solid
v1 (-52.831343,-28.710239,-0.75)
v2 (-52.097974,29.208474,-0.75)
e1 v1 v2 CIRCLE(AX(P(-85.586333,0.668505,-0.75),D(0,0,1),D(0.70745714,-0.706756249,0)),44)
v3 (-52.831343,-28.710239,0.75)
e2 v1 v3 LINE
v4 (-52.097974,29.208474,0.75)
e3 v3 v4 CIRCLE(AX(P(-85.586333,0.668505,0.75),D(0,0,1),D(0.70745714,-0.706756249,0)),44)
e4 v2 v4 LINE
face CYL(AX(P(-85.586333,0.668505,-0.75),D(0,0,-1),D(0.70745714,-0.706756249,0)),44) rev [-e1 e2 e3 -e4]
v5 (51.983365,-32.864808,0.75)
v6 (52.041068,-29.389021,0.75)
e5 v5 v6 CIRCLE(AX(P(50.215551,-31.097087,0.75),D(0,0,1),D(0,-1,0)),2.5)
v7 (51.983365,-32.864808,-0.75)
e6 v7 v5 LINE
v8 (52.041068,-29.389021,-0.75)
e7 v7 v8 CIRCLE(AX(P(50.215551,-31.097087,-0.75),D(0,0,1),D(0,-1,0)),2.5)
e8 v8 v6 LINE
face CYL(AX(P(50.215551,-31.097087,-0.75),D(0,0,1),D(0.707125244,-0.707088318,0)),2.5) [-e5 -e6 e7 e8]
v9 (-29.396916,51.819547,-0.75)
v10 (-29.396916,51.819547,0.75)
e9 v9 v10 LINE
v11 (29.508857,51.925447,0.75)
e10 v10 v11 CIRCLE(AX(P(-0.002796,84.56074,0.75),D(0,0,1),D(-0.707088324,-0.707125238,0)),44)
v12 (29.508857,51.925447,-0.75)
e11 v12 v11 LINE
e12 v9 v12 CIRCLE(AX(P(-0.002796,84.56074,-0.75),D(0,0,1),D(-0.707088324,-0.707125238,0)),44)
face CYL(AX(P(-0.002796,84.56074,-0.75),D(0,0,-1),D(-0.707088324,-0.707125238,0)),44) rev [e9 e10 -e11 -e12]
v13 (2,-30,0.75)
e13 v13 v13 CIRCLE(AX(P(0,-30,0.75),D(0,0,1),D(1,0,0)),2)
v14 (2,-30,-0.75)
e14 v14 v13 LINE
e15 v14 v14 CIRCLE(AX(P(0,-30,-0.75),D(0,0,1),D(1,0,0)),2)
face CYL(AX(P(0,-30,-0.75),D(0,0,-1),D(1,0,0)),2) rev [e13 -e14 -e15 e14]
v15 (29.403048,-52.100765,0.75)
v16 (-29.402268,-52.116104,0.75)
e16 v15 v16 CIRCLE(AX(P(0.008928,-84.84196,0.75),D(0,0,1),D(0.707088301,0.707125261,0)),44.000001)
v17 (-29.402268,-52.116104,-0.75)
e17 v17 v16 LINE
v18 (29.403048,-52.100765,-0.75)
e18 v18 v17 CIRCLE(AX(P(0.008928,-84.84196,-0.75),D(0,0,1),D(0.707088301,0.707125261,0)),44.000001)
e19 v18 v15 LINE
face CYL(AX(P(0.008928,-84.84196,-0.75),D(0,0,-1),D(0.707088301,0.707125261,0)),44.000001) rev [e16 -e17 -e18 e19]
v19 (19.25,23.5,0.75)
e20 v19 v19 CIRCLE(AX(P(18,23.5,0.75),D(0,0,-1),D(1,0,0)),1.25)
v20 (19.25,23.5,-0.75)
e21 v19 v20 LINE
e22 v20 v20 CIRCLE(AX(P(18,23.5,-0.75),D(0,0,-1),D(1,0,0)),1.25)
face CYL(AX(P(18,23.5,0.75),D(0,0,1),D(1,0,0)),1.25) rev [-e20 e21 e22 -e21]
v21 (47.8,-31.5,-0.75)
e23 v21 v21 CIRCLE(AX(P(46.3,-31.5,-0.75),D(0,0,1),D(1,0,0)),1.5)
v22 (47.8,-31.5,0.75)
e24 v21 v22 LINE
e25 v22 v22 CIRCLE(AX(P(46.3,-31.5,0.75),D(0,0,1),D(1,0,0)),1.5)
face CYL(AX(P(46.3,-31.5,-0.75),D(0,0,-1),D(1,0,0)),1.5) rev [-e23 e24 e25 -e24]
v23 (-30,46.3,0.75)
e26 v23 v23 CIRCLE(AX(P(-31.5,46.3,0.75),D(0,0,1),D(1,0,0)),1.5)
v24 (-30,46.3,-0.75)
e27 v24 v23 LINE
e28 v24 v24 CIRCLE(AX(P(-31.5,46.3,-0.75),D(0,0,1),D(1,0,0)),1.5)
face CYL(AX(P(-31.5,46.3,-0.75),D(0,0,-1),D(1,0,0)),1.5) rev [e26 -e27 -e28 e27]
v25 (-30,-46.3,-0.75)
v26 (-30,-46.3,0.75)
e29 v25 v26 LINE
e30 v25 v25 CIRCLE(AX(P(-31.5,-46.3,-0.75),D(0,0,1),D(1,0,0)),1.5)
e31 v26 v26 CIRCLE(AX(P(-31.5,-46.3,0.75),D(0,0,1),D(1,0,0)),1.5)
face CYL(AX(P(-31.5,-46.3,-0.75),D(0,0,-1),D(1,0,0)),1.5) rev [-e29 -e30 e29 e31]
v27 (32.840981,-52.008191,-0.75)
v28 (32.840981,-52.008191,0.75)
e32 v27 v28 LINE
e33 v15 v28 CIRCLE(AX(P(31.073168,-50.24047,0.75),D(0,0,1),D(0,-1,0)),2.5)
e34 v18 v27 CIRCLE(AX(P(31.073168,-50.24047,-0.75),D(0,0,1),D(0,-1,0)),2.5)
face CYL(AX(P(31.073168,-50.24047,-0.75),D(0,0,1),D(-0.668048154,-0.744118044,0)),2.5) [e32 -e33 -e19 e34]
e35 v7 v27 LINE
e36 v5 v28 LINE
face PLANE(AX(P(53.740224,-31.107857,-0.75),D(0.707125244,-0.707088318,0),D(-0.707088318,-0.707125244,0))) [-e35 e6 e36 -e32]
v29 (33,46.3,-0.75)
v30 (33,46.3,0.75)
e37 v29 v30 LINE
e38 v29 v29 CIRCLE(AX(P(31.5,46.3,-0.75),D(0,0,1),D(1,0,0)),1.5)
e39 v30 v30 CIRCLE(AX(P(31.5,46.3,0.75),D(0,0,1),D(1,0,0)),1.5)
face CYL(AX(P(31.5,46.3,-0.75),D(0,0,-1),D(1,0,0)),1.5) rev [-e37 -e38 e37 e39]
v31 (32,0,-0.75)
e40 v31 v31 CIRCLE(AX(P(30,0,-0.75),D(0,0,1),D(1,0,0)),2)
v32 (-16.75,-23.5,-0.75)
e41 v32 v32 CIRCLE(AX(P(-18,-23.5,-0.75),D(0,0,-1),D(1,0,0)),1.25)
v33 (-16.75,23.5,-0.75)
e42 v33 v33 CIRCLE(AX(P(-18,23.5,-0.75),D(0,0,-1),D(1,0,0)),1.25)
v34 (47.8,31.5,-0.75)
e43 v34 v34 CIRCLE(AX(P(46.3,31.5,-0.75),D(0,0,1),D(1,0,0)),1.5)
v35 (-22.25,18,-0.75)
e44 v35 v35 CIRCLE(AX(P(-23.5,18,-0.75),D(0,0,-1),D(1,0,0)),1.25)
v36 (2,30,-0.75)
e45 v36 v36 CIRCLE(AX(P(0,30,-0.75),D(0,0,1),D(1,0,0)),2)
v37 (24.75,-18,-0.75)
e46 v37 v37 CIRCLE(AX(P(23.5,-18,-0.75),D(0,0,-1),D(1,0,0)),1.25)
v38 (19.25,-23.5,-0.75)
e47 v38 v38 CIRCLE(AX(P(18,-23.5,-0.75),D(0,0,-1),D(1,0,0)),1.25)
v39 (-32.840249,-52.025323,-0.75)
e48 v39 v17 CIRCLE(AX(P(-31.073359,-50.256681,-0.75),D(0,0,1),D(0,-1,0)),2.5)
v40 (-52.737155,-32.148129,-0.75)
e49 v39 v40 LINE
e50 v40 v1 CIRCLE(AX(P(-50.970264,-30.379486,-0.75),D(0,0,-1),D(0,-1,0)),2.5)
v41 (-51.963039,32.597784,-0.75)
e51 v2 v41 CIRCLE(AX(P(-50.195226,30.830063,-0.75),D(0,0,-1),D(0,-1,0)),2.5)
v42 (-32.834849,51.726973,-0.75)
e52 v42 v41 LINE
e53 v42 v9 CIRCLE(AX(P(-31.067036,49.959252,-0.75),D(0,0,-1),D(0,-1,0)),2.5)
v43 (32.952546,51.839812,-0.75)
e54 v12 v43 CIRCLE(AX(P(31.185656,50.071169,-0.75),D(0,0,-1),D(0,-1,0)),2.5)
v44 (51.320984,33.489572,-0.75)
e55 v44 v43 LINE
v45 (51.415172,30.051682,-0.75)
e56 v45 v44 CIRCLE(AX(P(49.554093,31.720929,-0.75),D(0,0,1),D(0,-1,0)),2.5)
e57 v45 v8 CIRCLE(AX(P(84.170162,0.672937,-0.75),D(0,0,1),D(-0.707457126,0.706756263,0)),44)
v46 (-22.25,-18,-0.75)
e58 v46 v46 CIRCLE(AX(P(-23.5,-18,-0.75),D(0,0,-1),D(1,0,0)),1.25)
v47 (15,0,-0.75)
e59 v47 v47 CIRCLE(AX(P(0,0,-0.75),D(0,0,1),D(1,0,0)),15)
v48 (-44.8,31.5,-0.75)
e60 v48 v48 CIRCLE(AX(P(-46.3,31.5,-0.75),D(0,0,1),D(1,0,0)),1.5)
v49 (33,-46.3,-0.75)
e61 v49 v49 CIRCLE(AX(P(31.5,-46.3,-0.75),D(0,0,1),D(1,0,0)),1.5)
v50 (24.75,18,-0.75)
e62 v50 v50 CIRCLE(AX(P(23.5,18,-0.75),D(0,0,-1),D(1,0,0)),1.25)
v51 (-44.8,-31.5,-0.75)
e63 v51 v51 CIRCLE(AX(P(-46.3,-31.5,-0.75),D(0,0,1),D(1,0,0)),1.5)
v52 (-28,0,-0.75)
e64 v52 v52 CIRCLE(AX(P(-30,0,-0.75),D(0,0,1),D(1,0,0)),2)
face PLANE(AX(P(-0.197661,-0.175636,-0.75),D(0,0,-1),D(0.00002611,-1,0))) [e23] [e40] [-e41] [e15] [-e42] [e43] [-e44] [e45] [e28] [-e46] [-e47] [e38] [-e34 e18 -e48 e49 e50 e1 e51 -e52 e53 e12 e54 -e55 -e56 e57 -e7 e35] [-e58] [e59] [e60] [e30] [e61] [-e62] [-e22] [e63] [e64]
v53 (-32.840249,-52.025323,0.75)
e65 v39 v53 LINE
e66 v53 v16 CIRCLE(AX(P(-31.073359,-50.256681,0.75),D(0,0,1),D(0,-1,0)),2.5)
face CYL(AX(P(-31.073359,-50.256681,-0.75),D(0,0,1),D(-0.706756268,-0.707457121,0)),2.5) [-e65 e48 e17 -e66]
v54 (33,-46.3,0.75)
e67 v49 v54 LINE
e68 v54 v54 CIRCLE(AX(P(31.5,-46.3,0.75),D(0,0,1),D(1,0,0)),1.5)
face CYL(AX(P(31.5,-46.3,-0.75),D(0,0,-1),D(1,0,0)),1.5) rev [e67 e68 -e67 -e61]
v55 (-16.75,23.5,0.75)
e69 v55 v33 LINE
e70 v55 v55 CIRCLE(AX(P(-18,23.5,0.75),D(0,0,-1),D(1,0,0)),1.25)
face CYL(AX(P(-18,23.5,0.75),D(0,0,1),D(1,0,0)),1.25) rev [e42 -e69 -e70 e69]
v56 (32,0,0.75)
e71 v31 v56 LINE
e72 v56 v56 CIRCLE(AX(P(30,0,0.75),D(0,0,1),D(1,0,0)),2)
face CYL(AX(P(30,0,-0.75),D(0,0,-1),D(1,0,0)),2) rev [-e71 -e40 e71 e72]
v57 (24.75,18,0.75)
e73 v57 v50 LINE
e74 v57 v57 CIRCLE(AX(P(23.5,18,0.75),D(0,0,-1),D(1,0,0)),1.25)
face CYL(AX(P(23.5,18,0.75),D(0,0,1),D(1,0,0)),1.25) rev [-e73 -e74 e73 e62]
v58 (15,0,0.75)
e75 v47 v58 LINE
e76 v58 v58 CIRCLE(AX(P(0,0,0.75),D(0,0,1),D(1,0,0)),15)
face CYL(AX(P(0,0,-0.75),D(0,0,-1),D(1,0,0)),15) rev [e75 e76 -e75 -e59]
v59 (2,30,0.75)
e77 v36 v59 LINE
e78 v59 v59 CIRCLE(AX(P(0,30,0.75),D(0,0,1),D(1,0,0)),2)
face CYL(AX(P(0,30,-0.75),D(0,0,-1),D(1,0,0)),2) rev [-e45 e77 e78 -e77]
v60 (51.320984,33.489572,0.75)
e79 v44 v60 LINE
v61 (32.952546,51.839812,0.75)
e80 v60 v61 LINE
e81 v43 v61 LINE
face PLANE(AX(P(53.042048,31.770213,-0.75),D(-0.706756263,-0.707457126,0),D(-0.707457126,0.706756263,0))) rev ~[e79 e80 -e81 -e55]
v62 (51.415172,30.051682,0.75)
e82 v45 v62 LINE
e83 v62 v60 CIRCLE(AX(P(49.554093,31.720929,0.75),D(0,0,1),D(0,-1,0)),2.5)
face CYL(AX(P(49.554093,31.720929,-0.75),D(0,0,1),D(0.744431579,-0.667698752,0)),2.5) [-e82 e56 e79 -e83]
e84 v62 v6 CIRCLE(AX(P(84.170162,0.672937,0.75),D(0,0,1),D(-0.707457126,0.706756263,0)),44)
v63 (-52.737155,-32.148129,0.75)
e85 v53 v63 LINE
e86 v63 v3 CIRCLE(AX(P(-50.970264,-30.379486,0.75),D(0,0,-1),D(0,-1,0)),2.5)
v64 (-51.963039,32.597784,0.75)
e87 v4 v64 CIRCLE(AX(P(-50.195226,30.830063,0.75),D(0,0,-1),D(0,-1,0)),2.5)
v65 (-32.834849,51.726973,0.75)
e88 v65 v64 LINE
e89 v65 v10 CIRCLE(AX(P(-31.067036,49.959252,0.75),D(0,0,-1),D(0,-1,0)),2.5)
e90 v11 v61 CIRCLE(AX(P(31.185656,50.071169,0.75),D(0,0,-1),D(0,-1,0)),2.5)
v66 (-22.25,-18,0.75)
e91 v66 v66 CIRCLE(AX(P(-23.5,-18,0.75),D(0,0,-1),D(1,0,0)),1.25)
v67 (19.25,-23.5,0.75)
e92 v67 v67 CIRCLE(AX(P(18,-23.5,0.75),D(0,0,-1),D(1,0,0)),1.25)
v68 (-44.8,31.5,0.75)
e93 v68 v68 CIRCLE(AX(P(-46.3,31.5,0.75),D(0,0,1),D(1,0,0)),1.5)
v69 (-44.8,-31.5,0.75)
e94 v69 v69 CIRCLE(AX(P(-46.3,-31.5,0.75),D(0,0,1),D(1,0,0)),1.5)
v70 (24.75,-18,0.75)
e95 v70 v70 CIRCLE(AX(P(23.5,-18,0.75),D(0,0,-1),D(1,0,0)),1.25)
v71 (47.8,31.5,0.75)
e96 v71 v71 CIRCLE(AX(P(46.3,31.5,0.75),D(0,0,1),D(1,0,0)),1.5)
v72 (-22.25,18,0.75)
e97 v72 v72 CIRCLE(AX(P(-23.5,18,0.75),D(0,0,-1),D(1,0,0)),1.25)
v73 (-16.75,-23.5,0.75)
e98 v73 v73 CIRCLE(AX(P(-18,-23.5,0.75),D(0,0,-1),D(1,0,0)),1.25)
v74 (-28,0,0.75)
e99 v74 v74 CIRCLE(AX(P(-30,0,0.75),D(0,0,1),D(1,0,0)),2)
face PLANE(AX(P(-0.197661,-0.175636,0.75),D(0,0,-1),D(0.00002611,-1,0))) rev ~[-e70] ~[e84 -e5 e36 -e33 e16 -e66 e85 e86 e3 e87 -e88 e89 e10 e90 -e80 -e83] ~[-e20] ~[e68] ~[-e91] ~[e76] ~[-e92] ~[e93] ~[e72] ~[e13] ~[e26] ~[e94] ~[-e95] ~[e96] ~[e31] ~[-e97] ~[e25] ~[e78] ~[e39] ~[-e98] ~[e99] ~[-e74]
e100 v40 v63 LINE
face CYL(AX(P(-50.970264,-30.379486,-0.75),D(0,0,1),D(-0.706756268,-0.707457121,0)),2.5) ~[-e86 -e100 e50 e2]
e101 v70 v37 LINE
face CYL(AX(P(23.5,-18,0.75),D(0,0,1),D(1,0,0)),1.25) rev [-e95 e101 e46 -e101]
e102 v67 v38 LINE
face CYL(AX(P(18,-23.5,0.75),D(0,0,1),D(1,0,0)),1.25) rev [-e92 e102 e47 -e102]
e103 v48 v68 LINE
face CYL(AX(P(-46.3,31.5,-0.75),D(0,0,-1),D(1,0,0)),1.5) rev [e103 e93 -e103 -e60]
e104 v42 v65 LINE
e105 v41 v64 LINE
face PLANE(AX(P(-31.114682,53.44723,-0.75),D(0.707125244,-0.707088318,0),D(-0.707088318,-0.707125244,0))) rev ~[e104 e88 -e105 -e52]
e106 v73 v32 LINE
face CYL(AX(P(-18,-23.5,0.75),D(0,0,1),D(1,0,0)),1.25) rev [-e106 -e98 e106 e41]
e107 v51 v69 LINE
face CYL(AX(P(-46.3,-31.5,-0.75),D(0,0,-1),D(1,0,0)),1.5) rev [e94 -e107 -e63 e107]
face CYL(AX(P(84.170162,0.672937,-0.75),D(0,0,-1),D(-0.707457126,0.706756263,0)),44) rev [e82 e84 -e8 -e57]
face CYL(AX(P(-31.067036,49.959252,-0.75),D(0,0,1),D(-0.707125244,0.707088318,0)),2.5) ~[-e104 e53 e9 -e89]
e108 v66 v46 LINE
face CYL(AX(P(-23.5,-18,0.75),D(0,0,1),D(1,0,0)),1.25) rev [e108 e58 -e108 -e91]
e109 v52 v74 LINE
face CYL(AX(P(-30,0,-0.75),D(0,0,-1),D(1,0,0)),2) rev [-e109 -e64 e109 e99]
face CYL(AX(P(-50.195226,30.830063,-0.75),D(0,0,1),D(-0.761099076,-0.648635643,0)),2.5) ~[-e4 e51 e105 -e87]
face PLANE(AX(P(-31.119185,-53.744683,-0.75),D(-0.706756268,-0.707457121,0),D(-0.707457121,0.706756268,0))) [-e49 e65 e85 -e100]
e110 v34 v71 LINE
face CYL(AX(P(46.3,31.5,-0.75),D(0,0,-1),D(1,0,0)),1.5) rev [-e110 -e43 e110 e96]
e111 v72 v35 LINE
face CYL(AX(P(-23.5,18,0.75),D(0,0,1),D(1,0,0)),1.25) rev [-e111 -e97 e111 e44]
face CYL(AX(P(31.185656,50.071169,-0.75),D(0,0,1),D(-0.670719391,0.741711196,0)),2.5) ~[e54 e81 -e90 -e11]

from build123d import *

# Parameters (mm, degrees)
SKETCH010_R                               = 1.25
EXTRUDE009_DEPTH                          = 1.5
SKETCH009_R                               = 2
SKETCH009_R_2                             = 15
EXTRUDE008_DEPTH                          = 1.5
SKETCH008_R                               = 1.5
EXTRUDE007_DEPTH                          = 1.5
EXTRUDE006_DEPTH                          = 1.5
EXTRUDE006_ONTO_SKETCH007_PLACEMENT_ANGLE = 90.001496
FILLET_R                                  = 2.5


with BuildPart() as lidar_mount_holes_bot:
    # Sketch010 (on Face2 of Cut002) → Extrude009 (new body)
    with BuildSketch(Plane(origin=(0, 0, 39.25), x_dir=(1, 0, 0), z_dir=(0, 0, -1))):
        with Locations((-18, -23.5)):
            Circle(SKETCH010_R)
        with Locations((18, -23.5)):
            Circle(SKETCH010_R)
        with Locations((18, 23.5)):
            Circle(SKETCH010_R)
        with Locations((-18, 23.5)):
            Circle(SKETCH010_R)
        with Locations((23.5, -18)):
            Circle(SKETCH010_R)
        with Locations((23.5, 18)):
            Circle(SKETCH010_R)
        with Locations((-23.5, -18)):
            Circle(SKETCH010_R)
        with Locations((-23.5, 18)):
            Circle(SKETCH010_R)
    extrude(amount=EXTRUDE009_DEPTH)


with BuildPart() as lidar_mount_holes_bot_1:
    # Extrude009 placement: moved
    add(lidar_mount_holes_bot.part.moved(Location((0, 0, -38.5))))


with BuildPart() as pcb_mount_holes_bot:
    # Sketch009 (on Face4 of Cut001) → Extrude008 (new body)
    with BuildSketch(Plane.XY.offset(41)):
        with Locations((0, -30)):
            Circle(SKETCH009_R)
        with Locations((-30, 0)):
            Circle(SKETCH009_R)
        with Locations((0, 30)):
            Circle(SKETCH009_R)
        with Locations((30, 0)):
            Circle(SKETCH009_R)
        Circle(SKETCH009_R_2)
    extrude(amount=EXTRUDE008_DEPTH)


with BuildPart() as pcb_mount_holes_bot_1:
    # Extrude008 placement: moved
    add(pcb_mount_holes_bot.part.moved(Location((0, 0, -41.75))))


with BuildPart() as new_bottom_plate_holes:
    # Sketch008 (on Face10 of Extrude006) → Extrude007 (new body)
    with BuildSketch(Plane.XY.offset(0.75)):
        with Locations((31.5, -46.3)):
            Circle(SKETCH008_R)
        with Locations((-31.5, -46.3)):
            Circle(SKETCH008_R)
        with Locations((46.3, -31.5)):
            Circle(SKETCH008_R)
        with Locations((-46.3, -31.5)):
            Circle(SKETCH008_R)
        with Locations((46.3, 31.5)):
            Circle(SKETCH008_R)
        with Locations((-46.3, 31.5)):
            Circle(SKETCH008_R)
        with Locations((-31.5, 46.3)):
            Circle(SKETCH008_R)
        with Locations((31.5, 46.3)):
            Circle(SKETCH008_R)
    extrude(amount=EXTRUDE007_DEPTH)


with BuildPart() as new_bottom_plate_holes_1:
    # Extrude007 placement: moved
    add(new_bottom_plate_holes.part.moved(Location((0, 0, -1.5))))


with BuildPart() as bottom_plate_new:
    # Sketch007 as drawn → Extrude006 (new)
    with BuildSketch(Plane.XY):
        with BuildLine():
            Line((-54.41461, 31.12), (-31.098088, 54.458425))
            ThreePointArc((-31.098088, 54.458425), (-0.589258, 41.589673), (30.25328, 53.63672))
            Line((52.777302, 31.112698), (30.25328, 53.63672))
            ThreePointArc((52.777302, 31.112698), (39.890076, -0.081699), (52.893056, -31.228024))
            Line((31.098088, -53.043466), (52.893056, -31.228024))
            ThreePointArc((31.098088, -53.043466), (-0.487382, -40.173467), (-31.78, -53.74))
            Line((-31.78, -53.74), (-54.4, -31.12))
            ThreePointArc((-54.4, -31.12), (-41.5127, 0.003027), (-54.41461, 31.12))
        make_face()
    extrude(amount=EXTRUDE006_DEPTH)


with BuildPart() as bottom_plate_new_1:
    # Extrude006 onto Sketch007 placement: moved
    add(bottom_plate_new.part.moved(Location((-0.000606, 0.67074, -0.75))).rotate(Axis((-0.000606, 0.67074, -0.75), (0, 0, 1)), EXTRUDE006_ONTO_SKETCH007_PLACEMENT_ANGLE))

    # Cut005: cut new_bottom_plate_holes
    add(new_bottom_plate_holes_1.part, mode=Mode.SUBTRACT)

    # Cut006: cut pcb_mount_holes_bot
    add(pcb_mount_holes_bot_1.part, mode=Mode.SUBTRACT)

    # Cut007: cut lidar_mount_holes_bot
    add(lidar_mount_holes_bot_1.part, mode=Mode.SUBTRACT)

    # Fillet
    fillet_edges = [bottom_plate_new_1.edges().sort_by_distance(p)[0] for p in [
        (53.042048, 31.770213, 0),
        (53.740224, -31.107857, 0),
        (31.226037, 53.564611, 0),
        (31.120814, -53.728448, 0),
        (-31.114682, 53.447229, 0),
        (-31.119185, -53.744683, 0),
        (-53.638116, 30.92262, 0),
        (-54.458219, -30.42877, 0),
    ]]
    fillet(fillet_edges, radius=FILLET_R)


solid = bottom_plate_new_1.part
